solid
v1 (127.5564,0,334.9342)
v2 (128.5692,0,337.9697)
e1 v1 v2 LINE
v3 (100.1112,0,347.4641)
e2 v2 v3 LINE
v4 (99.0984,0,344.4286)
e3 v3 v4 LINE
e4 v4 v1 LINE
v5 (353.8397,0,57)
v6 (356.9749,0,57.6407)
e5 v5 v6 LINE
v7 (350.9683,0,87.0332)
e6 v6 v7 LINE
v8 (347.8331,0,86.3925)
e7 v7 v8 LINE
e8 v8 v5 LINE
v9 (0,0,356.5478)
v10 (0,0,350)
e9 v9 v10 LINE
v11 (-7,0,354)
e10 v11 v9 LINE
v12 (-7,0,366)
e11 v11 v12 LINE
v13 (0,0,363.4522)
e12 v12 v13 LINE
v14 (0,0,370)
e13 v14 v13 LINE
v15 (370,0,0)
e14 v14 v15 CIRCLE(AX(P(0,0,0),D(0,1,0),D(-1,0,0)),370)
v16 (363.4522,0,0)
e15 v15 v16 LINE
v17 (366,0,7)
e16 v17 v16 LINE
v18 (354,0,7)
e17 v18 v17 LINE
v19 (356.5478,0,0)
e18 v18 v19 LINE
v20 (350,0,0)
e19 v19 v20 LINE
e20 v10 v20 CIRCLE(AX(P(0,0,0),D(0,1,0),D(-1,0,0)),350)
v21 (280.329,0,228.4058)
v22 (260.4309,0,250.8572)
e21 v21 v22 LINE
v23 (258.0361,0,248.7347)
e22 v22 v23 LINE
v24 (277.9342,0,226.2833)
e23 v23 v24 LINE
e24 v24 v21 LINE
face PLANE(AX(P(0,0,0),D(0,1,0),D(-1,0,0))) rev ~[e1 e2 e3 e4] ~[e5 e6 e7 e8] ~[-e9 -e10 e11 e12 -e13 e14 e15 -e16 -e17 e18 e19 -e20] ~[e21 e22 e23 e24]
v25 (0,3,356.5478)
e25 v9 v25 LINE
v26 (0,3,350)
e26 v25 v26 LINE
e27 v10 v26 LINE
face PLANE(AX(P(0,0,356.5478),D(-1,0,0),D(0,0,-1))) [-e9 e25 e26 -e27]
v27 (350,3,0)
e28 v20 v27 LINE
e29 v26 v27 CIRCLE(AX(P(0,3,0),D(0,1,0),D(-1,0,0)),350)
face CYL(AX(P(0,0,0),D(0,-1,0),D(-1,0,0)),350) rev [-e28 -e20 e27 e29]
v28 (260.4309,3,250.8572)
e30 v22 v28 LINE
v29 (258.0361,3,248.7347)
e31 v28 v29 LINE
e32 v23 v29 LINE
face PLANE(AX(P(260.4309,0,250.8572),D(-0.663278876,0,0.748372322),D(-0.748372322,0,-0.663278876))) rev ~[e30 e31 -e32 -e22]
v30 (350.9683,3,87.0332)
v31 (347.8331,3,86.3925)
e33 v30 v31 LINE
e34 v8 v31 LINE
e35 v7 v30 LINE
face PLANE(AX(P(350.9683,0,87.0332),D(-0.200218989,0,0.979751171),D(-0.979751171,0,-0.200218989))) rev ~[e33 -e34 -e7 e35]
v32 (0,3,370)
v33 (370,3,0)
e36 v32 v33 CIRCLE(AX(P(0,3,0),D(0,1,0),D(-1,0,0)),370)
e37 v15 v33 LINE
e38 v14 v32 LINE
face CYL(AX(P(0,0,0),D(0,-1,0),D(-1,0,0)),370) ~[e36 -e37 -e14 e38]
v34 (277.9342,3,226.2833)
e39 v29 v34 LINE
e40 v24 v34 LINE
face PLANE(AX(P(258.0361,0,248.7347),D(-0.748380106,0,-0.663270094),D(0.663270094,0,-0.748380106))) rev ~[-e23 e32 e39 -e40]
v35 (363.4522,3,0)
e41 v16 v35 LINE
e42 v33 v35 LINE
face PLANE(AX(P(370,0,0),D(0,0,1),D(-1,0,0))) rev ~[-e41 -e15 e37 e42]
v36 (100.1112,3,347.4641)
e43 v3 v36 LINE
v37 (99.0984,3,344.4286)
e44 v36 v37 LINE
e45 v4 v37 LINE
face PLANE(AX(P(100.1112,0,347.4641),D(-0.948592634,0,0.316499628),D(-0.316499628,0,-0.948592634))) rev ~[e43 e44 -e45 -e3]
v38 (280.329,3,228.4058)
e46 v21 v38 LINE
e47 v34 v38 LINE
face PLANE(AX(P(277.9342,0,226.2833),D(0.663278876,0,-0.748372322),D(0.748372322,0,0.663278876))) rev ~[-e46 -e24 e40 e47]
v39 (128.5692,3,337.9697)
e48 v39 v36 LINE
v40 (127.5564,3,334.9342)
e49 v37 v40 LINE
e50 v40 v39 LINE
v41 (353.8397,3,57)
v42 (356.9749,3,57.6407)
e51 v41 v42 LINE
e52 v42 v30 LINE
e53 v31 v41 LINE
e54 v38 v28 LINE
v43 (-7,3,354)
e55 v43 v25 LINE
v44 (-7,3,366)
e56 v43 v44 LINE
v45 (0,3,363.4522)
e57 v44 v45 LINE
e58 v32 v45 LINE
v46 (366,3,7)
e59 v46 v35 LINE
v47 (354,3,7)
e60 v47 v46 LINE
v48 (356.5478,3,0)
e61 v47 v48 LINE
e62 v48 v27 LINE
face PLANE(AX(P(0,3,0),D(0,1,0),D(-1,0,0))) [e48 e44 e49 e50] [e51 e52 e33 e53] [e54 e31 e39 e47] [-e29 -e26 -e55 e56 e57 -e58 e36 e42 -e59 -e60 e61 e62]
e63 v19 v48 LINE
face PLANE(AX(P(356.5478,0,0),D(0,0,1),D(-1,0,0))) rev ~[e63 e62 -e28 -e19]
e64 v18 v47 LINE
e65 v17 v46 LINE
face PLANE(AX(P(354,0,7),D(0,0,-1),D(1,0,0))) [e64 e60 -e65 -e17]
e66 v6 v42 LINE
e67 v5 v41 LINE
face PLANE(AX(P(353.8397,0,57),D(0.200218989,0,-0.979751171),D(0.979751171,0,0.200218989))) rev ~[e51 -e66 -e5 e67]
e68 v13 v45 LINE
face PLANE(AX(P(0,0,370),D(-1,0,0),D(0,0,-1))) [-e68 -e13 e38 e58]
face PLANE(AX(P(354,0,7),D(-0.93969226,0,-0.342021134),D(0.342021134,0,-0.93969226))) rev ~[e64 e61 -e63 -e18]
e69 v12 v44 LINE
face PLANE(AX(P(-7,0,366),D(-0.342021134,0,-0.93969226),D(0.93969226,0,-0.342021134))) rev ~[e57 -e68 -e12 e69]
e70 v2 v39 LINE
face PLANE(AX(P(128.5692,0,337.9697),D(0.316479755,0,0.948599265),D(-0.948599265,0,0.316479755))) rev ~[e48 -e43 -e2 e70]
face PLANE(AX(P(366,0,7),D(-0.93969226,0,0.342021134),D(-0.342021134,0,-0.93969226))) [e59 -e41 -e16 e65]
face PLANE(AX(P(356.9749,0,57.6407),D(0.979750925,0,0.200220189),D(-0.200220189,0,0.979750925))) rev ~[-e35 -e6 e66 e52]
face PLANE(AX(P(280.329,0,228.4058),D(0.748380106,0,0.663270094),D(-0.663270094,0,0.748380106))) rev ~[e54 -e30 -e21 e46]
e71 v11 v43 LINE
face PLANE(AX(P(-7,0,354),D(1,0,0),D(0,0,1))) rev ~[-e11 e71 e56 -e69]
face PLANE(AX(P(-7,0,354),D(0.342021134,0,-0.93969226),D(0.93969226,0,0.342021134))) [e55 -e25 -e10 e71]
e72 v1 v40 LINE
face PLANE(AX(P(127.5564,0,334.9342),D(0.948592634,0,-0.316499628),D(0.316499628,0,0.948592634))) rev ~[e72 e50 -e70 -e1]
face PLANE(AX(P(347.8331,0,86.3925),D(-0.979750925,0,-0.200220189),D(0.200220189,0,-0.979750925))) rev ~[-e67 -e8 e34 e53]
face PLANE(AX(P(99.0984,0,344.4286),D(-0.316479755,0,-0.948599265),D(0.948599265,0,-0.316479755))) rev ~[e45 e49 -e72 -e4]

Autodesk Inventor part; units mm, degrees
ref_plane "YZ Plane" through (0, 0, 0) normal (1, 0, 0) x (0, 1, 0)
ref_plane "XZ Plane" through (0, 0, 0) normal (0, 1, 0) x (-1, 0, 0)
ref_plane "XY Plane" through (0, 0, 0) normal (0, 0, 1) x (1, 0, 0)
sketch "Sketch1" plane through (0, 0, 0) normal (0, 1, 0) x (-1, 0, 0)
  circle A0 centre (0, 0) radius 350
  circle A1 centre (0, 0) radius 370
  line L0 (370, 0) -> (350, 0)
  line L1 (-370, 0) -> (-350, 0)
  line L2 (0, 0) -> (-350, 0) construction
  line L3 (0, 350) -> (0, 0) construction
  line L4 (0, 370) -> (0, 350)
  line L5 (-350, 0) -> (-370, 0)
  line L6 (-354, 7) -> (-366, 7)
  line L7 (-366, 7) -> (-363.4522, 0)
  line L8 (-354, 7) -> (-356.5478, 0)
  line L9 (-360, 0) -> (-360, 7) construction
  line L10 (-356.9749, 57.6407) -> (-350.9683, 87.0332)
  line L11 (-350.9683, 87.0332) -> (-347.8331, 86.3925)
  line L12 (-347.8331, 86.3925) -> (-353.8397, 57)
  line L13 (-353.8397, 57) -> (-356.9749, 57.6407)
  line L14 (-356.9749, 57.6407) -> (-347.8331, 86.3925) construction
  line L15 (-350.9683, 87.0332) -> (-353.8397, 57) construction
  circle A2 centre (0, 0) radius 360 construction
  line L16 (-7, -354) -> (0, -356.5478)
  line L17 (-7, -366) -> (0, -363.4522)
  line L18 (-7, -354) -> (-7, -366)
  line L19 (354, -7) -> (356.5478, 0)
  line L20 (366, -7) -> (363.4522, 0)
  line L21 (354, -7) -> (366, -7)
  line L22 (7, 354) -> (0, 356.5478)
  line L23 (7, 366) -> (0, 363.4522)
  line L24 (7, 354) -> (7, 366)
  line L25 (-337.9697, -128.5692) -> (-347.4641, -100.1112)
  line L26 (-334.9342, -127.5564) -> (-337.9697, -128.5692)
  line L27 (-344.4286, -99.0984) -> (-334.9342, -127.5564)
  line L28 (-347.4641, -100.1112) -> (-344.4286, -99.0984)
  line L29 (-228.4058, -280.329) -> (-250.8572, -260.4309)
  line L30 (-226.2833, -277.9342) -> (-228.4058, -280.329)
  line L31 (-248.7347, -258.0361) -> (-226.2833, -277.9342)
  line L32 (-250.8572, -260.4309) -> (-248.7347, -258.0361)
  line L33 (-57.6407, -356.9749) -> (-87.0332, -350.9683)
  line L34 (-57, -353.8397) -> (-57.6407, -356.9749)
  line L35 (-86.3925, -347.8331) -> (-57, -353.8397)
  line L36 (-87.0332, -350.9683) -> (-86.3925, -347.8331)
  line L37 (128.5692, -337.9697) -> (100.1112, -347.4641)
  line L38 (127.5564, -334.9342) -> (128.5692, -337.9697)
  line L39 (99.0984, -344.4286) -> (127.5564, -334.9342)
  line L40 (100.1112, -347.4641) -> (99.0984, -344.4286)
  line L41 (280.329, -228.4058) -> (260.4309, -250.8572)
  line L42 (277.9342, -226.2833) -> (280.329, -228.4058)
  line L43 (258.0361, -248.7347) -> (277.9342, -226.2833)
  line L44 (260.4309, -250.8572) -> (258.0361, -248.7347)
  line L45 (356.9749, -57.6407) -> (350.9683, -87.0332)
  line L46 (353.8397, -57) -> (356.9749, -57.6407)
  line L47 (347.8331, -86.3925) -> (353.8397, -57)
  line L48 (350.9683, -87.0332) -> (347.8331, -86.3925)
  line L49 (337.9697, 128.5692) -> (347.4641, 100.1112)
  line L50 (334.9342, 127.5564) -> (337.9697, 128.5692)
  line L51 (344.4286, 99.0984) -> (334.9342, 127.5564)
  line L52 (347.4641, 100.1112) -> (344.4286, 99.0984)
  line L53 (228.4058, 280.329) -> (250.8572, 260.4309)
  line L54 (226.2833, 277.9342) -> (228.4058, 280.329)
  line L55 (248.7347, 258.0361) -> (226.2833, 277.9342)
  line L56 (250.8572, 260.4309) -> (248.7347, 258.0361)
  line L57 (57.6407, 356.9749) -> (87.0332, 350.9683)
  line L58 (57, 353.8397) -> (57.6407, 356.9749)
  line L59 (86.3925, 347.8331) -> (57, 353.8397)
  line L60 (87.0332, 350.9683) -> (86.3925, 347.8331)
  line L61 (-128.5692, 337.9697) -> (-100.1112, 347.4641)
  line L62 (-127.5564, 334.9342) -> (-128.5692, 337.9697)
  line L63 (-99.0984, 344.4286) -> (-127.5564, 334.9342)
  line L64 (-100.1112, 347.4641) -> (-99.0984, 344.4286)
  line L65 (-280.329, 228.4058) -> (-260.4309, 250.8572)
  line L66 (-277.9342, 226.2833) -> (-280.329, 228.4058)
  line L67 (-258.0361, 248.7347) -> (-277.9342, 226.2833)
  line L68 (-260.4309, 250.8572) -> (-258.0361, 248.7347)
  point P0 (360, 0)
  point P1 (-360, 0)
  point P2 (-352.404, 72.0166)
  point P3 (-68.8261, 353.3595)
  point P4 (-355.4073, 57.3204)
  point P5 (-349.4007, 86.7129)
  point P6 (-7, -360)
  point P7 (360, -7)
  point P8 (7, 360)
  point P9 (-336.452, -128.0628)
  point P10 (-345.9464, -99.6048)
  point P11 (-227.3446, -279.1316)
  point P12 (-249.7959, -259.2335)
  point P13 (-57.3204, -355.4073)
  point P14 (-86.7129, -349.4007)
  point P15 (128.0628, -336.452)
  point P16 (99.6048, -345.9464)
  point P17 (279.1316, -227.3446)
  point P18 (259.2335, -249.7959)
  point P19 (355.4073, -57.3204)
  point P20 (349.4007, -86.7129)
  point P21 (336.452, 128.0628)
  point P22 (345.9464, 99.6048)
  point P23 (227.3446, 279.1316)
  point P24 (249.7959, 259.2335)
  point P25 (57.3204, 355.4073)
  point P26 (86.7129, 349.4007)
  point P27 (-128.0628, 336.452)
  point P28 (-99.6048, 345.9464)
  point P29 (-279.1316, 227.3446)
  point P30 (-259.2335, 249.7959)
  point P31 (0, 356.5478)
  point P32 (0, 363.4522)
  dimension "d0" = 700
  dimension "d1" = 740
  dimension "d4" = 90
  dimension "d5" = 7
  dimension "d6" = 70
  dimension "d8" = 12
  dimension "d13" = 3.2
  dimension "d14" = 30
  dimension "d15" = 50
  dimension "d20" = 720
  dimension "d23" = 360
  dimension "d27" = 360
extrude "Extrusion1" add sketch "Sketch1" along normal blind 3 contours A0 L1 L8 L6 L7 A1 L4 | L4 L23 L24 L22
properties part number "R70_CM_CIRCULO"
